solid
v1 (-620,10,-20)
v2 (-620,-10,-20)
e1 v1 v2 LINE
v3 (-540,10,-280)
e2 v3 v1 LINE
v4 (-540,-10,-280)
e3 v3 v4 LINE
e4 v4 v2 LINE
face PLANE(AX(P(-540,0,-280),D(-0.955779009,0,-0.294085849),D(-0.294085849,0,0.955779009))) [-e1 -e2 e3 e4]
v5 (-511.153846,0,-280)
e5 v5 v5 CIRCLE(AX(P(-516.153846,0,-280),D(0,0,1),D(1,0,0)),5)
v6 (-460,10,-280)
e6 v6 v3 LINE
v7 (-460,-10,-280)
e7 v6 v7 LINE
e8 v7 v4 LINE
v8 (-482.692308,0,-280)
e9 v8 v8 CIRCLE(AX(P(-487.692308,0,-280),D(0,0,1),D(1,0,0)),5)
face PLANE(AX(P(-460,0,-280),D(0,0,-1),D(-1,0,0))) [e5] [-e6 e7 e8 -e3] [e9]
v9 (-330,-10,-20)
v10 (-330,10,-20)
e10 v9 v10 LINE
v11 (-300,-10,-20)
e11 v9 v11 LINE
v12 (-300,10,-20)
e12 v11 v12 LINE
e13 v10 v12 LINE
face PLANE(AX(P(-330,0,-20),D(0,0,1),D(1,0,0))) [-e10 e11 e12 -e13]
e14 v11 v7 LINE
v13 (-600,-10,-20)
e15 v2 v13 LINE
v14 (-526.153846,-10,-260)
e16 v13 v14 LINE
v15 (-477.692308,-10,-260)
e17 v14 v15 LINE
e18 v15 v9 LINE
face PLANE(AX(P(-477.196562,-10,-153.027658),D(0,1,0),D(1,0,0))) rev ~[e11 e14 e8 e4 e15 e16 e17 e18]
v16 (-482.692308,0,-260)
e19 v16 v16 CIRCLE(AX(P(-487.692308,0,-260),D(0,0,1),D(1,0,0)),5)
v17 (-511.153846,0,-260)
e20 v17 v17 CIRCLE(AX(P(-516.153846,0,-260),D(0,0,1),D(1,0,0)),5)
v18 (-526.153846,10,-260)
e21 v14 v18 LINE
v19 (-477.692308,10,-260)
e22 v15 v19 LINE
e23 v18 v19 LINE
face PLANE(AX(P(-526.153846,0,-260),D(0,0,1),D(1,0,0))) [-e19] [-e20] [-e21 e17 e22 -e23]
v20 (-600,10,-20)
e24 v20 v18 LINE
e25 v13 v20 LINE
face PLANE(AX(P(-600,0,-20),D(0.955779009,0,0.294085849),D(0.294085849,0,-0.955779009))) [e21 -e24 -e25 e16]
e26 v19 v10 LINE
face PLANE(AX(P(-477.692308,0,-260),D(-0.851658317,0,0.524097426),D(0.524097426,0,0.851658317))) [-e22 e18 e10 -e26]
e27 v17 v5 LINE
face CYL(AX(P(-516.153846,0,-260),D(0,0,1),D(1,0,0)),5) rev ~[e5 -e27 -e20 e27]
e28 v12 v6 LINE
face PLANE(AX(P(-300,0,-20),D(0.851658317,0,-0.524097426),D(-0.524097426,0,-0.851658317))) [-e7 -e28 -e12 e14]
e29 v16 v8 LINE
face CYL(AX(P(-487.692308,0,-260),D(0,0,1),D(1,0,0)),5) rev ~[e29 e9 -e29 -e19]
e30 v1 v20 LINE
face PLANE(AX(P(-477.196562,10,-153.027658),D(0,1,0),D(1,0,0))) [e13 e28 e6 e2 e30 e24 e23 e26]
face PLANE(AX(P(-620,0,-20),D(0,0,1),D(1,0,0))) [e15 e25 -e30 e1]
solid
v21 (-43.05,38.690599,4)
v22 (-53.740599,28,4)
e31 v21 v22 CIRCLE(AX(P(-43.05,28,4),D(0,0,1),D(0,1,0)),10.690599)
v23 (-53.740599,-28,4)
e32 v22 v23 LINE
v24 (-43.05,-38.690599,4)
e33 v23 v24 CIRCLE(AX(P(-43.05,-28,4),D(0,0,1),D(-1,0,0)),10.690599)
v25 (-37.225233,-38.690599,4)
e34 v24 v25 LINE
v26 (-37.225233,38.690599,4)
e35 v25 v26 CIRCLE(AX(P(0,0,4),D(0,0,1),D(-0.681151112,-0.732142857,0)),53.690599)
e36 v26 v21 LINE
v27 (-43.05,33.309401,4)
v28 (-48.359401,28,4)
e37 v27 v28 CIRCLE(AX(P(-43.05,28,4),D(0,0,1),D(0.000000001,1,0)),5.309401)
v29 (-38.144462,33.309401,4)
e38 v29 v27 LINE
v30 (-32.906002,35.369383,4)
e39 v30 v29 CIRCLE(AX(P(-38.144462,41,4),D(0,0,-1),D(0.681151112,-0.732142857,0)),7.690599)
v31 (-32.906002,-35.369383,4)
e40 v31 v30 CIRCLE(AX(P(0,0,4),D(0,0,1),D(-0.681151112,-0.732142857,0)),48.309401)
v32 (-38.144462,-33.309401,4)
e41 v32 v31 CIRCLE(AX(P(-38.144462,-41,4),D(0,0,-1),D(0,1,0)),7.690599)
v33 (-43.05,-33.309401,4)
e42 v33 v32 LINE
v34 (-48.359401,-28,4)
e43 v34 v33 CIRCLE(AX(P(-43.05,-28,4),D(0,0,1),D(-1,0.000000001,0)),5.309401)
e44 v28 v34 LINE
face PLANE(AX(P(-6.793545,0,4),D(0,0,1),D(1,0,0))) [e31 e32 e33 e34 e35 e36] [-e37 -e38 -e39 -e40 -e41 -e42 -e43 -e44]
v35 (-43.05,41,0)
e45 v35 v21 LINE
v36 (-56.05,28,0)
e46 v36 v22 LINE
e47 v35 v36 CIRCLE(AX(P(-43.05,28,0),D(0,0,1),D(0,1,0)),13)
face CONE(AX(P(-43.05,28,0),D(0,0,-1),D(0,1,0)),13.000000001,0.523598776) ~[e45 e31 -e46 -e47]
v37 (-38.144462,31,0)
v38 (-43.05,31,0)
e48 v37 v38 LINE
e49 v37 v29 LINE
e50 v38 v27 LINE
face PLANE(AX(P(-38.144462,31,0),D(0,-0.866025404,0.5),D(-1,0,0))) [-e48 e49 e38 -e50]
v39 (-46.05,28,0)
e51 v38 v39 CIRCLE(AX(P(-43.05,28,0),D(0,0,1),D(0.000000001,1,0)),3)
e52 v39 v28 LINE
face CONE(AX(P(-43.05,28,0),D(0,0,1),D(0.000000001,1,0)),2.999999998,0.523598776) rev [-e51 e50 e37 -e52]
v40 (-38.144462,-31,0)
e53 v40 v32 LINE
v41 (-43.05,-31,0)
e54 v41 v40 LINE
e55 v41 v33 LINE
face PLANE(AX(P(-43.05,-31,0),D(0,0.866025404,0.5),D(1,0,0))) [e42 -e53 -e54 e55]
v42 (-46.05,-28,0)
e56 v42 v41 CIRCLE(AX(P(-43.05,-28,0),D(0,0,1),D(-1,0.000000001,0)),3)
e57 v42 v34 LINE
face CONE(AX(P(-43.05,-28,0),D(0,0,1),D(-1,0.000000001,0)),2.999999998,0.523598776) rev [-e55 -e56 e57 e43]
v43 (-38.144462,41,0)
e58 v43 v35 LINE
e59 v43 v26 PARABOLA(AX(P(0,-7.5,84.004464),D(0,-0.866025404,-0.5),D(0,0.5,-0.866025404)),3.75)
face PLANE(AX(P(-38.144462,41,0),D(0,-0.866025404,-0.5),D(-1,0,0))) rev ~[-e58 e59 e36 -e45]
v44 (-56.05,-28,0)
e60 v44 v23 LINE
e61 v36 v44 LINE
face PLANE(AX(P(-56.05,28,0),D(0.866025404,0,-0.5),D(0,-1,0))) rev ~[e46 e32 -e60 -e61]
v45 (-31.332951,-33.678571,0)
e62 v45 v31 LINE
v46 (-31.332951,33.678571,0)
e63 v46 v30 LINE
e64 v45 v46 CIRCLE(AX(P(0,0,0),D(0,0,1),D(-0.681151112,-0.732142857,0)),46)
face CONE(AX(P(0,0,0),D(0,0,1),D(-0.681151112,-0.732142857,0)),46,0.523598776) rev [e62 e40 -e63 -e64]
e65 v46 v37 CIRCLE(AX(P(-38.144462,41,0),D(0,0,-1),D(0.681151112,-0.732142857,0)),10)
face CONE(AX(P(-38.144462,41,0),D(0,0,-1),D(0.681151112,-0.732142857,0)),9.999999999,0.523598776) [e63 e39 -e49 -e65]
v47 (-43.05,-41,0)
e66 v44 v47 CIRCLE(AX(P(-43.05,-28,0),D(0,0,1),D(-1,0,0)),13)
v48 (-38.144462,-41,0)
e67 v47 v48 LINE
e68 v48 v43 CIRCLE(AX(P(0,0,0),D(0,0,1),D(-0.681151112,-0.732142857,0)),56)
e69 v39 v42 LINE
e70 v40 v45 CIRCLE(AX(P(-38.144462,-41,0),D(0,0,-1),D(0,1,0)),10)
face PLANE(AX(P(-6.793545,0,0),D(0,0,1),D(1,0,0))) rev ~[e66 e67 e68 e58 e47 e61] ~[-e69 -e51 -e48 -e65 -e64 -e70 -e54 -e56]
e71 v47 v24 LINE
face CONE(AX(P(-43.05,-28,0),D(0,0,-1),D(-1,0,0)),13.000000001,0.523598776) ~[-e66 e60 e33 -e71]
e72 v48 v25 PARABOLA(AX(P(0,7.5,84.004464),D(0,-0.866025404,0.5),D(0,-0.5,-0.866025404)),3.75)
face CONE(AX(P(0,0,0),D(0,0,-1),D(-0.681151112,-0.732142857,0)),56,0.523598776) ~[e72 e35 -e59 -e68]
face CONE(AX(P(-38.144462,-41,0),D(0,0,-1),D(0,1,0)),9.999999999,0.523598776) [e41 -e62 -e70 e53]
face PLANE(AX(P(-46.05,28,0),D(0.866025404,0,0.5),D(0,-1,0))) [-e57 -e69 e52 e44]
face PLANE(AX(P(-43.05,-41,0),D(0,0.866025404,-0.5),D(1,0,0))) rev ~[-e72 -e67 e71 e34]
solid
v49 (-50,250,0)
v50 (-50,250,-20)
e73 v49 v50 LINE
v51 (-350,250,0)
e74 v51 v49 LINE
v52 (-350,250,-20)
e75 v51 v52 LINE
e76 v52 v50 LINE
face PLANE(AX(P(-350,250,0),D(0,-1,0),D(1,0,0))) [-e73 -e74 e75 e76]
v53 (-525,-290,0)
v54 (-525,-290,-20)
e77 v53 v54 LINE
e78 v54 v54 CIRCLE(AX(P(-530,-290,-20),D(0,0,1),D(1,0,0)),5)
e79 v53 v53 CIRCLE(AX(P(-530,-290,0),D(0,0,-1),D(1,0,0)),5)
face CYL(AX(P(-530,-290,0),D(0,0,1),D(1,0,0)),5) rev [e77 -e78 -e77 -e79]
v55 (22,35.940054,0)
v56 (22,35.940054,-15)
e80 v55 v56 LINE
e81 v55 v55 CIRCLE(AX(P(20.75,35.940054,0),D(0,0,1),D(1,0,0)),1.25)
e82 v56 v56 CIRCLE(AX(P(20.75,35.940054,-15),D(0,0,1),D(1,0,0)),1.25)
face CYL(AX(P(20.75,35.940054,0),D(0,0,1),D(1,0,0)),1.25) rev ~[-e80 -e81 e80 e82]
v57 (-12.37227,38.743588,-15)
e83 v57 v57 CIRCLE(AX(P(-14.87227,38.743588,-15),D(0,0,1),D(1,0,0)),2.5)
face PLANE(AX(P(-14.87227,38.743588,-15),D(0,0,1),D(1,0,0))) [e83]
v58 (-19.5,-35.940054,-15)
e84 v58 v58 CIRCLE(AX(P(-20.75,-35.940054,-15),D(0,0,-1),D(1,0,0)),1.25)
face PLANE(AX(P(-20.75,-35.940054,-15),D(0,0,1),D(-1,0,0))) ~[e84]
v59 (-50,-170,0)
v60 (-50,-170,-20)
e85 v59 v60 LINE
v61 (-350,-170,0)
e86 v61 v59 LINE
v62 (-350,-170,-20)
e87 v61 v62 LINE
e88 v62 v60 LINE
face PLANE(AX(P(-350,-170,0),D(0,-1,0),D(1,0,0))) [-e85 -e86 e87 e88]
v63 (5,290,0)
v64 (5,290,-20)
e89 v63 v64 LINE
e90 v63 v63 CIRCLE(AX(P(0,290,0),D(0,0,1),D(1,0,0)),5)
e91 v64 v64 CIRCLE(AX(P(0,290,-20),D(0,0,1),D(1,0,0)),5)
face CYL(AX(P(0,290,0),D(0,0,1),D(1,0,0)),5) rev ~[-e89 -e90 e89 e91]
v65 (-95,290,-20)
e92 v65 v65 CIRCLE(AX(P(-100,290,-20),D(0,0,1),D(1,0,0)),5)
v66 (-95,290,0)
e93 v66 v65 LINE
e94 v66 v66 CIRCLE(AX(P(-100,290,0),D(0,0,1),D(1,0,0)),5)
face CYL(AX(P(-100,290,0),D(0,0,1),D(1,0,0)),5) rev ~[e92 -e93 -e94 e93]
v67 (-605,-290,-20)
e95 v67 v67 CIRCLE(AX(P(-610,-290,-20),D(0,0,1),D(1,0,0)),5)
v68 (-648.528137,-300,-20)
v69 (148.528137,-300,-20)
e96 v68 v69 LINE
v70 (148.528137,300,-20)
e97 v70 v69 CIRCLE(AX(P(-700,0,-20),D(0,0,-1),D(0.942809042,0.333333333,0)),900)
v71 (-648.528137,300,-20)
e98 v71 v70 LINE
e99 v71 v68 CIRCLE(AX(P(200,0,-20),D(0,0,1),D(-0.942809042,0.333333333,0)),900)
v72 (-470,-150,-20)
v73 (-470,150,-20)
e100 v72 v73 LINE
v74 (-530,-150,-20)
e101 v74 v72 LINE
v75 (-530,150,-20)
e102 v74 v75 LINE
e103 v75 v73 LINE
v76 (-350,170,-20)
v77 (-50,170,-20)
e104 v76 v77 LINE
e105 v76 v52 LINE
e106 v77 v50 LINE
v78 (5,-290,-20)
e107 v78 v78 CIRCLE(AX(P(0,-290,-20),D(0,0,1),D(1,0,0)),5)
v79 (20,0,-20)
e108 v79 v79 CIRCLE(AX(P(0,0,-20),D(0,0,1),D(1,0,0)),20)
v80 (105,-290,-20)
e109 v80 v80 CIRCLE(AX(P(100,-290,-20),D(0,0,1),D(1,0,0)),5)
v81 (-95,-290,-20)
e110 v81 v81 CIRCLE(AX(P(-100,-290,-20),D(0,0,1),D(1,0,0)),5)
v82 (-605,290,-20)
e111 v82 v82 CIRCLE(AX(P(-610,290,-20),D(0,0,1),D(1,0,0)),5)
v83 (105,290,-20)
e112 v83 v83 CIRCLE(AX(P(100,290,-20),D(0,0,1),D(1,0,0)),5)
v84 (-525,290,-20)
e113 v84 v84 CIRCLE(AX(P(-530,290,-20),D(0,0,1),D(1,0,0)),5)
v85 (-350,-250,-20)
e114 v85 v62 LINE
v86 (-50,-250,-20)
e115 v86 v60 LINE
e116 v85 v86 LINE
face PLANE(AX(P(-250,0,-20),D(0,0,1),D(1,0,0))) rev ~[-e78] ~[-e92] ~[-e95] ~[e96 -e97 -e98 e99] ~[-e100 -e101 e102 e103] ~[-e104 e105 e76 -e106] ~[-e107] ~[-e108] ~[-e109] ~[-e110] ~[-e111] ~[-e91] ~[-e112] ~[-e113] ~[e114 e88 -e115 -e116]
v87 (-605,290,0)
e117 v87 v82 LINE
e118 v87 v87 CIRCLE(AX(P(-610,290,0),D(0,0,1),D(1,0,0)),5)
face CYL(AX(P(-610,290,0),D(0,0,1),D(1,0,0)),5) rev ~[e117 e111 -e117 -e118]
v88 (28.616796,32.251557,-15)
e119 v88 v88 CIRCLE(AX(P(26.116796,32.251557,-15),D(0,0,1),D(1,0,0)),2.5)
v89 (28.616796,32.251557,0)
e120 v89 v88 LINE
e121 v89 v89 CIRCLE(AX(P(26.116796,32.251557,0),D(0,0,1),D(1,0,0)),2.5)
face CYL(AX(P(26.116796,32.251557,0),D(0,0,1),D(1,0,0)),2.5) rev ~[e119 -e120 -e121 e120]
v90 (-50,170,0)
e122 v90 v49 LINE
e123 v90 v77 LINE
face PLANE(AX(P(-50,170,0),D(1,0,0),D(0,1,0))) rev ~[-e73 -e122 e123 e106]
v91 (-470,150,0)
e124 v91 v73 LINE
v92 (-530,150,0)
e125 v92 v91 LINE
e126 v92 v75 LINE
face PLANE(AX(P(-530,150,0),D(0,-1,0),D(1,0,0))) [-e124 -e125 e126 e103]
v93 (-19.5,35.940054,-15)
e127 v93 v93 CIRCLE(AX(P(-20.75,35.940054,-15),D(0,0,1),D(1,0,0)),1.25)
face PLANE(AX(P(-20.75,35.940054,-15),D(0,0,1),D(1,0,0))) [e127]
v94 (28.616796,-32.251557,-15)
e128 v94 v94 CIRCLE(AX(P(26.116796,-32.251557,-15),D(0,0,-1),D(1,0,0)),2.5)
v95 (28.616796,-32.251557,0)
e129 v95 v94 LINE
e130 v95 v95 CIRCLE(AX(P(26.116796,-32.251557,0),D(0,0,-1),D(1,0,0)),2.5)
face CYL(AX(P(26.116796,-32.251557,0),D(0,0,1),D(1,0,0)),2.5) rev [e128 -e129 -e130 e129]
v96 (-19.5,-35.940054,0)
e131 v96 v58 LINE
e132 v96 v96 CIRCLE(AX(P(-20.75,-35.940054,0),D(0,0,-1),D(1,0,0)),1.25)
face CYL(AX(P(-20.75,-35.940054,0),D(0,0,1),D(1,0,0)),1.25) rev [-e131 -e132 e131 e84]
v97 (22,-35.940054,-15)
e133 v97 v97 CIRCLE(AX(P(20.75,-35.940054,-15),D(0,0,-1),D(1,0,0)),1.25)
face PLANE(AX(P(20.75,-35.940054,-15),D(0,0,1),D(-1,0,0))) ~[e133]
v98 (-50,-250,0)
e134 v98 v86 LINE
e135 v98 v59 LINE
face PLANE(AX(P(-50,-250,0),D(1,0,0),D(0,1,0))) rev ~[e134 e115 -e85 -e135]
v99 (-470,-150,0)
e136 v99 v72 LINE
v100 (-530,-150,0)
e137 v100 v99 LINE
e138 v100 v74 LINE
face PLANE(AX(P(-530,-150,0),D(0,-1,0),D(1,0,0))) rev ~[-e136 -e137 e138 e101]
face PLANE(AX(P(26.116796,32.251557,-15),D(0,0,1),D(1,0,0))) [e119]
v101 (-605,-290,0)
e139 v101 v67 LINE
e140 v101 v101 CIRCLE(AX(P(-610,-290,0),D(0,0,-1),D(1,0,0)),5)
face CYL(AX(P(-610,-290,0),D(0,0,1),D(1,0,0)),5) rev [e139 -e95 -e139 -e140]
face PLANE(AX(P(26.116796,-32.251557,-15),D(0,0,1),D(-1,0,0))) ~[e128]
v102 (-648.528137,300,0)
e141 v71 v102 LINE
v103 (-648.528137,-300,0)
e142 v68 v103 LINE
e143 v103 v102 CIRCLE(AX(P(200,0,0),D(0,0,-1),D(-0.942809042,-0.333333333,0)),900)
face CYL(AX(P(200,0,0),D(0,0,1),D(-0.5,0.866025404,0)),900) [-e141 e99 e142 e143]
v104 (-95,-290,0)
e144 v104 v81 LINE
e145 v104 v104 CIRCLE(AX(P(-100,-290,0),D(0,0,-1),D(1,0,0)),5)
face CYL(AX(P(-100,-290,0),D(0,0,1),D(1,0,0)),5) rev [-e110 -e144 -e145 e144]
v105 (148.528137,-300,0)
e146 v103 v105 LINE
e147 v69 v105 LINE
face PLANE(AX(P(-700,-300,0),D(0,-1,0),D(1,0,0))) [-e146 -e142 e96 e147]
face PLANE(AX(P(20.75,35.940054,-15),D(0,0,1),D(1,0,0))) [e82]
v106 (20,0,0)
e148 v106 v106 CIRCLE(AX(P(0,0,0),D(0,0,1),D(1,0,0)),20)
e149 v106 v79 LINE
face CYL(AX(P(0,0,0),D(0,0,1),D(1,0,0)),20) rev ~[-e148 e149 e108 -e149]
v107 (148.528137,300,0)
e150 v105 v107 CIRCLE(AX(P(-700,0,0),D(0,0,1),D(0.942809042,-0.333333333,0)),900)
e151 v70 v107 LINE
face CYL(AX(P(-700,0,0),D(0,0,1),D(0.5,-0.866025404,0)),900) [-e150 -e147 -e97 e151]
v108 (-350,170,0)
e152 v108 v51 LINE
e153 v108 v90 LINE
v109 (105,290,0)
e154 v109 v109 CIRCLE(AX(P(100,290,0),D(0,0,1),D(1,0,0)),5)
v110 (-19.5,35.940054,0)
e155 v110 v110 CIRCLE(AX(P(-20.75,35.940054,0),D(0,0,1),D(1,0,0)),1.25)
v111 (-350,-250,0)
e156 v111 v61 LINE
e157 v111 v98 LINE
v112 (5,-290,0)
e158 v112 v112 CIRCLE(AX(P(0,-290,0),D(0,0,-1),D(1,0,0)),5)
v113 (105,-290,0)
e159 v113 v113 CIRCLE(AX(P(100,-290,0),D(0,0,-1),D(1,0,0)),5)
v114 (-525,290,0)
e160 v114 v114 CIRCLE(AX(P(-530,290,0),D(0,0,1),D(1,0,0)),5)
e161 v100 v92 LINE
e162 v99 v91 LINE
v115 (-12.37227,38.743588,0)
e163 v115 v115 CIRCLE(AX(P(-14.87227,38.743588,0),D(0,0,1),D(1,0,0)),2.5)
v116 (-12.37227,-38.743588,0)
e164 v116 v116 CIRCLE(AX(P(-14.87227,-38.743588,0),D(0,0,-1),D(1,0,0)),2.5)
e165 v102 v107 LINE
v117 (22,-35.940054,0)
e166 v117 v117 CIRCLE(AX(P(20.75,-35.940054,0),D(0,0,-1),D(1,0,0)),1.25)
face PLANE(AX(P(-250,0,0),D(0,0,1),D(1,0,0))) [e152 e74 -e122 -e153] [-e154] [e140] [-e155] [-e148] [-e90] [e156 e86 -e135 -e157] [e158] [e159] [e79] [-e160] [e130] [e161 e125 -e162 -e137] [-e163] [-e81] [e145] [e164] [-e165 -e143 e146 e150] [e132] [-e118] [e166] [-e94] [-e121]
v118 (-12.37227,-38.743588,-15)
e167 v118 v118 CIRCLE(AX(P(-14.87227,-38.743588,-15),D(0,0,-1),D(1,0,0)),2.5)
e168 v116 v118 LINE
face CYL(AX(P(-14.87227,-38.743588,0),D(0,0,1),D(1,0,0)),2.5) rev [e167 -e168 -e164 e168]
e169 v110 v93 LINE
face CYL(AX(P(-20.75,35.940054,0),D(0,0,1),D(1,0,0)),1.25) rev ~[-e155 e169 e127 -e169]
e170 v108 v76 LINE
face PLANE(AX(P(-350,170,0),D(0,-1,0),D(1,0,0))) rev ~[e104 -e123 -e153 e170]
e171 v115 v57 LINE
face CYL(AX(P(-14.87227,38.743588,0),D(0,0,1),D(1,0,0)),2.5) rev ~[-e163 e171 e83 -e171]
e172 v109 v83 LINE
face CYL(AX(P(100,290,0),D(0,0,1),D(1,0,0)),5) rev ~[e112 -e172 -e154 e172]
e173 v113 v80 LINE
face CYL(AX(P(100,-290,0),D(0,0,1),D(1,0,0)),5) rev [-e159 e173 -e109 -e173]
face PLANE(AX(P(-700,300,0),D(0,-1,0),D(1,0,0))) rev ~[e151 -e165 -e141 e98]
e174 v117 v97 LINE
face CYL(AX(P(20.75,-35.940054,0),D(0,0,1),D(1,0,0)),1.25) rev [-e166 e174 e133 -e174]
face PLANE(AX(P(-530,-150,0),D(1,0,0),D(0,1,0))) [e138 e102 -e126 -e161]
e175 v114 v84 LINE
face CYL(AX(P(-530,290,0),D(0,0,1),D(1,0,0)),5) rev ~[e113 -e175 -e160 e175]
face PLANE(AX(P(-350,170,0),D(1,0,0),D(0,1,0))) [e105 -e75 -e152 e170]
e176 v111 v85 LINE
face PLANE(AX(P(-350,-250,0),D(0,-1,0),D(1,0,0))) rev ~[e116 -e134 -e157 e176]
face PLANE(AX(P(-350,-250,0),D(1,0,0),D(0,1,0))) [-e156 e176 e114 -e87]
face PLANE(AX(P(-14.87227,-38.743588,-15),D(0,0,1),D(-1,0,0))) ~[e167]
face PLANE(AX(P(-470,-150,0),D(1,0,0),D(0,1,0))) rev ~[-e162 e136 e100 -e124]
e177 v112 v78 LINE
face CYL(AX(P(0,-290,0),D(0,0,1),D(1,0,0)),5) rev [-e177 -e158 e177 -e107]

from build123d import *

# Parameters (mm, degrees)
SKETCH_1_W           = 900
SKETCH_1_H           = 600
EXTRUDE_1_DEPTH      = 20
SKETCH_2_W           = 1200.878029557
SKETCH_2_H           = 2000
CUT_EXTRUDE_1_DEPTH  = 20
EXTRUDE_2_DEPTH      = 4
EXTRUDE_2_DRAFT      = 30
SKETCH_4_R           = 2.5
SKETCH_4_R_2         = 1.25
CUT_EXTRUDE_2_DEPTH  = 15
SKETCH_5_R           = 20
SKETCH_5_W           = 300
SKETCH_5_H           = 80
SKETCH_5_W_2         = 60
SKETCH_5_H_2         = 300
CUT_EXTRUDE_3_DEPTH  = 762.83987819
EXTRUDE_3_DEPTH      = 10
EXTRUDE_3_DEPTH_BACK = 10
SKETCH_7_R           = 5
CUT_EXTRUDE_4_DEPTH  = 807.037219984
SKETCH_8_R           = 5
CUT_EXTRUDE_5_DEPTH  = 812.418511004


with BuildPart() as part:
    # 草图1 → 凸台-拉伸1 (new body)
    with BuildSketch(Plane.XY):
        with Locations((-250, 0)):
            Rectangle(SKETCH_1_W, SKETCH_1_H)
    extrude(amount=-EXTRUDE_1_DEPTH)

    # 草图2 → 切除-拉伸1 (cut)
    with BuildSketch(Plane.XY):
        with Locations((-145.818669814, 100)):
            Rectangle(SKETCH_2_W, SKETCH_2_H)
        with BuildLine():
            ThreePointArc((-250, -779.422863406), (200, 0), (-250, 779.422863406))
            ThreePointArc((-250, 779.422863406), (-700, 0), (-250, -779.422863406))
        make_face(mode=Mode.SUBTRACT)
    extrude(amount=-CUT_EXTRUDE_1_DEPTH, mode=Mode.SUBTRACT)

    # 草图4 → 切除-拉伸2 (cut)
    with BuildSketch(Plane.XY):
        with Locations((26.116796229, 32.2515574)):
            Circle(SKETCH_4_R)
        with Locations((20.75, 35.940054257)):
            Circle(SKETCH_4_R_2)
        with Locations((-14.872269906, 38.7435877)):
            Circle(SKETCH_4_R)
        with Locations((-20.75, 35.940054257)):
            Circle(SKETCH_4_R_2)
    cut_extrude_2 = extrude(amount=-CUT_EXTRUDE_2_DEPTH, mode=Mode.SUBTRACT)

    # 镜向1: 切除-拉伸2 across plane
    add(cut_extrude_2.mirror(Plane.ZX), mode=Mode.SUBTRACT)

    # 草图5 → 切除-拉伸3 (cut, through all)
    with BuildSketch(Plane.XY):
        Circle(SKETCH_5_R)
        with Locations((-200, 210)):
            Rectangle(SKETCH_5_W, SKETCH_5_H)
        with Locations((-200, -210)):
            Rectangle(SKETCH_5_W, SKETCH_5_H)
        with Locations((-500, 0)):
            Rectangle(SKETCH_5_W_2, SKETCH_5_H_2)
    extrude(amount=-CUT_EXTRUDE_3_DEPTH, mode=Mode.SUBTRACT)

    # 草图8 → 切除-拉伸5 (cut, through all)
    with BuildSketch(Plane.XY):
        with Locations((0, 290)):
            Circle(SKETCH_8_R)
        with Locations((100, 290)):
            Circle(SKETCH_8_R)
        with Locations((-100, 290)):
            Circle(SKETCH_8_R)
        with Locations((-610, 290)):
            Circle(SKETCH_8_R)
        with Locations((-530, 290)):
            Circle(SKETCH_8_R)
    cut_extrude_5 = extrude(amount=-CUT_EXTRUDE_5_DEPTH, mode=Mode.SUBTRACT)

    # 镜向2: 切除-拉伸5 across plane
    add(cut_extrude_5.mirror(Plane.ZX), mode=Mode.SUBTRACT)


with BuildPart() as body_2:
    # 草图3 → 凸台-拉伸2 (with draft: the straight prism first)
    with BuildSketch(Plane.XY):
        with BuildLine():
            Line((-56.05, 28), (-56.05, -28))
            ThreePointArc((-56.05, -28), (-52.242388155, -37.192388155), (-43.05, -41))
            Line((-43.05, -41), (-38.144462246, -41))
            ThreePointArc((-38.144462246, -41), (56, 0), (-38.144462246, 41))
            Line((-38.144462246, 41), (-43.05, 41))
            ThreePointArc((-43.05, 41), (-52.242388155, 37.192388155), (-56.05, 28))
        make_face()
        with BuildLine():
            Line((-46.05, 28), (-46.05, -28))
            ThreePointArc((-46.05, -28), (-45.171320344, -30.121320344), (-43.05, -31))
            Line((-43.05, -31), (-38.144462246, -31))
            ThreePointArc((-38.144462246, -31), (-34.484836972, -31.693704128), (-31.33295113, -33.678571429))
            ThreePointArc((-31.33295113, -33.678571429), (46, 0), (-31.33295113, 33.678571429))
            ThreePointArc((-31.33295113, 33.678571429), (-34.484836972, 31.693704128), (-38.144462246, 31))
            Line((-38.144462246, 31), (-43.05, 31))
            ThreePointArc((-43.05, 31), (-45.171320344, 30.121320344), (-46.05, 28))
        make_face(mode=Mode.SUBTRACT)
    extrude(amount=EXTRUDE_2_DEPTH)
    # 凸台-拉伸2: the draft: its side faces are tilted about the plane it starts from
    extrude_2_sides = [body_2.faces().sort_by_distance(p)[0] for p in [
        (-40.597231123, 41, 2),
        (-52.242388155, 37.192388155, 2),
        (-56.05, 0, 2),
        (-52.242388155, -37.192388155, 2),
        (-40.597231123, -41, 2),
        (56, 0, 2),
        (-40.597231123, 31, 2),
        (-34.484836972, 31.693704128, 2),
        (46, 0, 2),
        (-34.484836972, -31.693704128, 2),
        (-40.597231123, -31, 2),
        (-45.171320344, -30.121320344, 2),
        (-46.05, 0, 2),
        (-45.171320344, 30.121320344, 2),
    ]]
    draft(extrude_2_sides, Plane.XY, EXTRUDE_2_DRAFT)


with BuildPart() as body_3:
    # 草图6 → 凸台-拉伸3 (new, two sides)
    with BuildSketch(Plane(origin=(0, 0, 0), x_dir=(1, 0, 0), z_dir=(0, 1, 0))) as extrude_3_sk:
        Polygon((-620, 20), (-600, 20), (-526.153846154, 260), (-477.692307692, 260), (-330, 20), (-300, 20), (-460, 280), (-540, 280), align=None)
    extrude(amount=EXTRUDE_3_DEPTH)
    extrude(extrude_3_sk.sketch, amount=-EXTRUDE_3_DEPTH_BACK)

    # 草图7 → 切除-拉伸4 (cut, through all)
    with BuildSketch(Plane.XY.offset(-260)):
        with Locations((-516.153846154, 0)):
            Circle(SKETCH_7_R)
        with Locations((-487.692307692, 0)):
            Circle(SKETCH_7_R)
    extrude(amount=-CUT_EXTRUDE_4_DEPTH, mode=Mode.SUBTRACT)


solid = Compound([part.part, body_2.part, body_3.part])
